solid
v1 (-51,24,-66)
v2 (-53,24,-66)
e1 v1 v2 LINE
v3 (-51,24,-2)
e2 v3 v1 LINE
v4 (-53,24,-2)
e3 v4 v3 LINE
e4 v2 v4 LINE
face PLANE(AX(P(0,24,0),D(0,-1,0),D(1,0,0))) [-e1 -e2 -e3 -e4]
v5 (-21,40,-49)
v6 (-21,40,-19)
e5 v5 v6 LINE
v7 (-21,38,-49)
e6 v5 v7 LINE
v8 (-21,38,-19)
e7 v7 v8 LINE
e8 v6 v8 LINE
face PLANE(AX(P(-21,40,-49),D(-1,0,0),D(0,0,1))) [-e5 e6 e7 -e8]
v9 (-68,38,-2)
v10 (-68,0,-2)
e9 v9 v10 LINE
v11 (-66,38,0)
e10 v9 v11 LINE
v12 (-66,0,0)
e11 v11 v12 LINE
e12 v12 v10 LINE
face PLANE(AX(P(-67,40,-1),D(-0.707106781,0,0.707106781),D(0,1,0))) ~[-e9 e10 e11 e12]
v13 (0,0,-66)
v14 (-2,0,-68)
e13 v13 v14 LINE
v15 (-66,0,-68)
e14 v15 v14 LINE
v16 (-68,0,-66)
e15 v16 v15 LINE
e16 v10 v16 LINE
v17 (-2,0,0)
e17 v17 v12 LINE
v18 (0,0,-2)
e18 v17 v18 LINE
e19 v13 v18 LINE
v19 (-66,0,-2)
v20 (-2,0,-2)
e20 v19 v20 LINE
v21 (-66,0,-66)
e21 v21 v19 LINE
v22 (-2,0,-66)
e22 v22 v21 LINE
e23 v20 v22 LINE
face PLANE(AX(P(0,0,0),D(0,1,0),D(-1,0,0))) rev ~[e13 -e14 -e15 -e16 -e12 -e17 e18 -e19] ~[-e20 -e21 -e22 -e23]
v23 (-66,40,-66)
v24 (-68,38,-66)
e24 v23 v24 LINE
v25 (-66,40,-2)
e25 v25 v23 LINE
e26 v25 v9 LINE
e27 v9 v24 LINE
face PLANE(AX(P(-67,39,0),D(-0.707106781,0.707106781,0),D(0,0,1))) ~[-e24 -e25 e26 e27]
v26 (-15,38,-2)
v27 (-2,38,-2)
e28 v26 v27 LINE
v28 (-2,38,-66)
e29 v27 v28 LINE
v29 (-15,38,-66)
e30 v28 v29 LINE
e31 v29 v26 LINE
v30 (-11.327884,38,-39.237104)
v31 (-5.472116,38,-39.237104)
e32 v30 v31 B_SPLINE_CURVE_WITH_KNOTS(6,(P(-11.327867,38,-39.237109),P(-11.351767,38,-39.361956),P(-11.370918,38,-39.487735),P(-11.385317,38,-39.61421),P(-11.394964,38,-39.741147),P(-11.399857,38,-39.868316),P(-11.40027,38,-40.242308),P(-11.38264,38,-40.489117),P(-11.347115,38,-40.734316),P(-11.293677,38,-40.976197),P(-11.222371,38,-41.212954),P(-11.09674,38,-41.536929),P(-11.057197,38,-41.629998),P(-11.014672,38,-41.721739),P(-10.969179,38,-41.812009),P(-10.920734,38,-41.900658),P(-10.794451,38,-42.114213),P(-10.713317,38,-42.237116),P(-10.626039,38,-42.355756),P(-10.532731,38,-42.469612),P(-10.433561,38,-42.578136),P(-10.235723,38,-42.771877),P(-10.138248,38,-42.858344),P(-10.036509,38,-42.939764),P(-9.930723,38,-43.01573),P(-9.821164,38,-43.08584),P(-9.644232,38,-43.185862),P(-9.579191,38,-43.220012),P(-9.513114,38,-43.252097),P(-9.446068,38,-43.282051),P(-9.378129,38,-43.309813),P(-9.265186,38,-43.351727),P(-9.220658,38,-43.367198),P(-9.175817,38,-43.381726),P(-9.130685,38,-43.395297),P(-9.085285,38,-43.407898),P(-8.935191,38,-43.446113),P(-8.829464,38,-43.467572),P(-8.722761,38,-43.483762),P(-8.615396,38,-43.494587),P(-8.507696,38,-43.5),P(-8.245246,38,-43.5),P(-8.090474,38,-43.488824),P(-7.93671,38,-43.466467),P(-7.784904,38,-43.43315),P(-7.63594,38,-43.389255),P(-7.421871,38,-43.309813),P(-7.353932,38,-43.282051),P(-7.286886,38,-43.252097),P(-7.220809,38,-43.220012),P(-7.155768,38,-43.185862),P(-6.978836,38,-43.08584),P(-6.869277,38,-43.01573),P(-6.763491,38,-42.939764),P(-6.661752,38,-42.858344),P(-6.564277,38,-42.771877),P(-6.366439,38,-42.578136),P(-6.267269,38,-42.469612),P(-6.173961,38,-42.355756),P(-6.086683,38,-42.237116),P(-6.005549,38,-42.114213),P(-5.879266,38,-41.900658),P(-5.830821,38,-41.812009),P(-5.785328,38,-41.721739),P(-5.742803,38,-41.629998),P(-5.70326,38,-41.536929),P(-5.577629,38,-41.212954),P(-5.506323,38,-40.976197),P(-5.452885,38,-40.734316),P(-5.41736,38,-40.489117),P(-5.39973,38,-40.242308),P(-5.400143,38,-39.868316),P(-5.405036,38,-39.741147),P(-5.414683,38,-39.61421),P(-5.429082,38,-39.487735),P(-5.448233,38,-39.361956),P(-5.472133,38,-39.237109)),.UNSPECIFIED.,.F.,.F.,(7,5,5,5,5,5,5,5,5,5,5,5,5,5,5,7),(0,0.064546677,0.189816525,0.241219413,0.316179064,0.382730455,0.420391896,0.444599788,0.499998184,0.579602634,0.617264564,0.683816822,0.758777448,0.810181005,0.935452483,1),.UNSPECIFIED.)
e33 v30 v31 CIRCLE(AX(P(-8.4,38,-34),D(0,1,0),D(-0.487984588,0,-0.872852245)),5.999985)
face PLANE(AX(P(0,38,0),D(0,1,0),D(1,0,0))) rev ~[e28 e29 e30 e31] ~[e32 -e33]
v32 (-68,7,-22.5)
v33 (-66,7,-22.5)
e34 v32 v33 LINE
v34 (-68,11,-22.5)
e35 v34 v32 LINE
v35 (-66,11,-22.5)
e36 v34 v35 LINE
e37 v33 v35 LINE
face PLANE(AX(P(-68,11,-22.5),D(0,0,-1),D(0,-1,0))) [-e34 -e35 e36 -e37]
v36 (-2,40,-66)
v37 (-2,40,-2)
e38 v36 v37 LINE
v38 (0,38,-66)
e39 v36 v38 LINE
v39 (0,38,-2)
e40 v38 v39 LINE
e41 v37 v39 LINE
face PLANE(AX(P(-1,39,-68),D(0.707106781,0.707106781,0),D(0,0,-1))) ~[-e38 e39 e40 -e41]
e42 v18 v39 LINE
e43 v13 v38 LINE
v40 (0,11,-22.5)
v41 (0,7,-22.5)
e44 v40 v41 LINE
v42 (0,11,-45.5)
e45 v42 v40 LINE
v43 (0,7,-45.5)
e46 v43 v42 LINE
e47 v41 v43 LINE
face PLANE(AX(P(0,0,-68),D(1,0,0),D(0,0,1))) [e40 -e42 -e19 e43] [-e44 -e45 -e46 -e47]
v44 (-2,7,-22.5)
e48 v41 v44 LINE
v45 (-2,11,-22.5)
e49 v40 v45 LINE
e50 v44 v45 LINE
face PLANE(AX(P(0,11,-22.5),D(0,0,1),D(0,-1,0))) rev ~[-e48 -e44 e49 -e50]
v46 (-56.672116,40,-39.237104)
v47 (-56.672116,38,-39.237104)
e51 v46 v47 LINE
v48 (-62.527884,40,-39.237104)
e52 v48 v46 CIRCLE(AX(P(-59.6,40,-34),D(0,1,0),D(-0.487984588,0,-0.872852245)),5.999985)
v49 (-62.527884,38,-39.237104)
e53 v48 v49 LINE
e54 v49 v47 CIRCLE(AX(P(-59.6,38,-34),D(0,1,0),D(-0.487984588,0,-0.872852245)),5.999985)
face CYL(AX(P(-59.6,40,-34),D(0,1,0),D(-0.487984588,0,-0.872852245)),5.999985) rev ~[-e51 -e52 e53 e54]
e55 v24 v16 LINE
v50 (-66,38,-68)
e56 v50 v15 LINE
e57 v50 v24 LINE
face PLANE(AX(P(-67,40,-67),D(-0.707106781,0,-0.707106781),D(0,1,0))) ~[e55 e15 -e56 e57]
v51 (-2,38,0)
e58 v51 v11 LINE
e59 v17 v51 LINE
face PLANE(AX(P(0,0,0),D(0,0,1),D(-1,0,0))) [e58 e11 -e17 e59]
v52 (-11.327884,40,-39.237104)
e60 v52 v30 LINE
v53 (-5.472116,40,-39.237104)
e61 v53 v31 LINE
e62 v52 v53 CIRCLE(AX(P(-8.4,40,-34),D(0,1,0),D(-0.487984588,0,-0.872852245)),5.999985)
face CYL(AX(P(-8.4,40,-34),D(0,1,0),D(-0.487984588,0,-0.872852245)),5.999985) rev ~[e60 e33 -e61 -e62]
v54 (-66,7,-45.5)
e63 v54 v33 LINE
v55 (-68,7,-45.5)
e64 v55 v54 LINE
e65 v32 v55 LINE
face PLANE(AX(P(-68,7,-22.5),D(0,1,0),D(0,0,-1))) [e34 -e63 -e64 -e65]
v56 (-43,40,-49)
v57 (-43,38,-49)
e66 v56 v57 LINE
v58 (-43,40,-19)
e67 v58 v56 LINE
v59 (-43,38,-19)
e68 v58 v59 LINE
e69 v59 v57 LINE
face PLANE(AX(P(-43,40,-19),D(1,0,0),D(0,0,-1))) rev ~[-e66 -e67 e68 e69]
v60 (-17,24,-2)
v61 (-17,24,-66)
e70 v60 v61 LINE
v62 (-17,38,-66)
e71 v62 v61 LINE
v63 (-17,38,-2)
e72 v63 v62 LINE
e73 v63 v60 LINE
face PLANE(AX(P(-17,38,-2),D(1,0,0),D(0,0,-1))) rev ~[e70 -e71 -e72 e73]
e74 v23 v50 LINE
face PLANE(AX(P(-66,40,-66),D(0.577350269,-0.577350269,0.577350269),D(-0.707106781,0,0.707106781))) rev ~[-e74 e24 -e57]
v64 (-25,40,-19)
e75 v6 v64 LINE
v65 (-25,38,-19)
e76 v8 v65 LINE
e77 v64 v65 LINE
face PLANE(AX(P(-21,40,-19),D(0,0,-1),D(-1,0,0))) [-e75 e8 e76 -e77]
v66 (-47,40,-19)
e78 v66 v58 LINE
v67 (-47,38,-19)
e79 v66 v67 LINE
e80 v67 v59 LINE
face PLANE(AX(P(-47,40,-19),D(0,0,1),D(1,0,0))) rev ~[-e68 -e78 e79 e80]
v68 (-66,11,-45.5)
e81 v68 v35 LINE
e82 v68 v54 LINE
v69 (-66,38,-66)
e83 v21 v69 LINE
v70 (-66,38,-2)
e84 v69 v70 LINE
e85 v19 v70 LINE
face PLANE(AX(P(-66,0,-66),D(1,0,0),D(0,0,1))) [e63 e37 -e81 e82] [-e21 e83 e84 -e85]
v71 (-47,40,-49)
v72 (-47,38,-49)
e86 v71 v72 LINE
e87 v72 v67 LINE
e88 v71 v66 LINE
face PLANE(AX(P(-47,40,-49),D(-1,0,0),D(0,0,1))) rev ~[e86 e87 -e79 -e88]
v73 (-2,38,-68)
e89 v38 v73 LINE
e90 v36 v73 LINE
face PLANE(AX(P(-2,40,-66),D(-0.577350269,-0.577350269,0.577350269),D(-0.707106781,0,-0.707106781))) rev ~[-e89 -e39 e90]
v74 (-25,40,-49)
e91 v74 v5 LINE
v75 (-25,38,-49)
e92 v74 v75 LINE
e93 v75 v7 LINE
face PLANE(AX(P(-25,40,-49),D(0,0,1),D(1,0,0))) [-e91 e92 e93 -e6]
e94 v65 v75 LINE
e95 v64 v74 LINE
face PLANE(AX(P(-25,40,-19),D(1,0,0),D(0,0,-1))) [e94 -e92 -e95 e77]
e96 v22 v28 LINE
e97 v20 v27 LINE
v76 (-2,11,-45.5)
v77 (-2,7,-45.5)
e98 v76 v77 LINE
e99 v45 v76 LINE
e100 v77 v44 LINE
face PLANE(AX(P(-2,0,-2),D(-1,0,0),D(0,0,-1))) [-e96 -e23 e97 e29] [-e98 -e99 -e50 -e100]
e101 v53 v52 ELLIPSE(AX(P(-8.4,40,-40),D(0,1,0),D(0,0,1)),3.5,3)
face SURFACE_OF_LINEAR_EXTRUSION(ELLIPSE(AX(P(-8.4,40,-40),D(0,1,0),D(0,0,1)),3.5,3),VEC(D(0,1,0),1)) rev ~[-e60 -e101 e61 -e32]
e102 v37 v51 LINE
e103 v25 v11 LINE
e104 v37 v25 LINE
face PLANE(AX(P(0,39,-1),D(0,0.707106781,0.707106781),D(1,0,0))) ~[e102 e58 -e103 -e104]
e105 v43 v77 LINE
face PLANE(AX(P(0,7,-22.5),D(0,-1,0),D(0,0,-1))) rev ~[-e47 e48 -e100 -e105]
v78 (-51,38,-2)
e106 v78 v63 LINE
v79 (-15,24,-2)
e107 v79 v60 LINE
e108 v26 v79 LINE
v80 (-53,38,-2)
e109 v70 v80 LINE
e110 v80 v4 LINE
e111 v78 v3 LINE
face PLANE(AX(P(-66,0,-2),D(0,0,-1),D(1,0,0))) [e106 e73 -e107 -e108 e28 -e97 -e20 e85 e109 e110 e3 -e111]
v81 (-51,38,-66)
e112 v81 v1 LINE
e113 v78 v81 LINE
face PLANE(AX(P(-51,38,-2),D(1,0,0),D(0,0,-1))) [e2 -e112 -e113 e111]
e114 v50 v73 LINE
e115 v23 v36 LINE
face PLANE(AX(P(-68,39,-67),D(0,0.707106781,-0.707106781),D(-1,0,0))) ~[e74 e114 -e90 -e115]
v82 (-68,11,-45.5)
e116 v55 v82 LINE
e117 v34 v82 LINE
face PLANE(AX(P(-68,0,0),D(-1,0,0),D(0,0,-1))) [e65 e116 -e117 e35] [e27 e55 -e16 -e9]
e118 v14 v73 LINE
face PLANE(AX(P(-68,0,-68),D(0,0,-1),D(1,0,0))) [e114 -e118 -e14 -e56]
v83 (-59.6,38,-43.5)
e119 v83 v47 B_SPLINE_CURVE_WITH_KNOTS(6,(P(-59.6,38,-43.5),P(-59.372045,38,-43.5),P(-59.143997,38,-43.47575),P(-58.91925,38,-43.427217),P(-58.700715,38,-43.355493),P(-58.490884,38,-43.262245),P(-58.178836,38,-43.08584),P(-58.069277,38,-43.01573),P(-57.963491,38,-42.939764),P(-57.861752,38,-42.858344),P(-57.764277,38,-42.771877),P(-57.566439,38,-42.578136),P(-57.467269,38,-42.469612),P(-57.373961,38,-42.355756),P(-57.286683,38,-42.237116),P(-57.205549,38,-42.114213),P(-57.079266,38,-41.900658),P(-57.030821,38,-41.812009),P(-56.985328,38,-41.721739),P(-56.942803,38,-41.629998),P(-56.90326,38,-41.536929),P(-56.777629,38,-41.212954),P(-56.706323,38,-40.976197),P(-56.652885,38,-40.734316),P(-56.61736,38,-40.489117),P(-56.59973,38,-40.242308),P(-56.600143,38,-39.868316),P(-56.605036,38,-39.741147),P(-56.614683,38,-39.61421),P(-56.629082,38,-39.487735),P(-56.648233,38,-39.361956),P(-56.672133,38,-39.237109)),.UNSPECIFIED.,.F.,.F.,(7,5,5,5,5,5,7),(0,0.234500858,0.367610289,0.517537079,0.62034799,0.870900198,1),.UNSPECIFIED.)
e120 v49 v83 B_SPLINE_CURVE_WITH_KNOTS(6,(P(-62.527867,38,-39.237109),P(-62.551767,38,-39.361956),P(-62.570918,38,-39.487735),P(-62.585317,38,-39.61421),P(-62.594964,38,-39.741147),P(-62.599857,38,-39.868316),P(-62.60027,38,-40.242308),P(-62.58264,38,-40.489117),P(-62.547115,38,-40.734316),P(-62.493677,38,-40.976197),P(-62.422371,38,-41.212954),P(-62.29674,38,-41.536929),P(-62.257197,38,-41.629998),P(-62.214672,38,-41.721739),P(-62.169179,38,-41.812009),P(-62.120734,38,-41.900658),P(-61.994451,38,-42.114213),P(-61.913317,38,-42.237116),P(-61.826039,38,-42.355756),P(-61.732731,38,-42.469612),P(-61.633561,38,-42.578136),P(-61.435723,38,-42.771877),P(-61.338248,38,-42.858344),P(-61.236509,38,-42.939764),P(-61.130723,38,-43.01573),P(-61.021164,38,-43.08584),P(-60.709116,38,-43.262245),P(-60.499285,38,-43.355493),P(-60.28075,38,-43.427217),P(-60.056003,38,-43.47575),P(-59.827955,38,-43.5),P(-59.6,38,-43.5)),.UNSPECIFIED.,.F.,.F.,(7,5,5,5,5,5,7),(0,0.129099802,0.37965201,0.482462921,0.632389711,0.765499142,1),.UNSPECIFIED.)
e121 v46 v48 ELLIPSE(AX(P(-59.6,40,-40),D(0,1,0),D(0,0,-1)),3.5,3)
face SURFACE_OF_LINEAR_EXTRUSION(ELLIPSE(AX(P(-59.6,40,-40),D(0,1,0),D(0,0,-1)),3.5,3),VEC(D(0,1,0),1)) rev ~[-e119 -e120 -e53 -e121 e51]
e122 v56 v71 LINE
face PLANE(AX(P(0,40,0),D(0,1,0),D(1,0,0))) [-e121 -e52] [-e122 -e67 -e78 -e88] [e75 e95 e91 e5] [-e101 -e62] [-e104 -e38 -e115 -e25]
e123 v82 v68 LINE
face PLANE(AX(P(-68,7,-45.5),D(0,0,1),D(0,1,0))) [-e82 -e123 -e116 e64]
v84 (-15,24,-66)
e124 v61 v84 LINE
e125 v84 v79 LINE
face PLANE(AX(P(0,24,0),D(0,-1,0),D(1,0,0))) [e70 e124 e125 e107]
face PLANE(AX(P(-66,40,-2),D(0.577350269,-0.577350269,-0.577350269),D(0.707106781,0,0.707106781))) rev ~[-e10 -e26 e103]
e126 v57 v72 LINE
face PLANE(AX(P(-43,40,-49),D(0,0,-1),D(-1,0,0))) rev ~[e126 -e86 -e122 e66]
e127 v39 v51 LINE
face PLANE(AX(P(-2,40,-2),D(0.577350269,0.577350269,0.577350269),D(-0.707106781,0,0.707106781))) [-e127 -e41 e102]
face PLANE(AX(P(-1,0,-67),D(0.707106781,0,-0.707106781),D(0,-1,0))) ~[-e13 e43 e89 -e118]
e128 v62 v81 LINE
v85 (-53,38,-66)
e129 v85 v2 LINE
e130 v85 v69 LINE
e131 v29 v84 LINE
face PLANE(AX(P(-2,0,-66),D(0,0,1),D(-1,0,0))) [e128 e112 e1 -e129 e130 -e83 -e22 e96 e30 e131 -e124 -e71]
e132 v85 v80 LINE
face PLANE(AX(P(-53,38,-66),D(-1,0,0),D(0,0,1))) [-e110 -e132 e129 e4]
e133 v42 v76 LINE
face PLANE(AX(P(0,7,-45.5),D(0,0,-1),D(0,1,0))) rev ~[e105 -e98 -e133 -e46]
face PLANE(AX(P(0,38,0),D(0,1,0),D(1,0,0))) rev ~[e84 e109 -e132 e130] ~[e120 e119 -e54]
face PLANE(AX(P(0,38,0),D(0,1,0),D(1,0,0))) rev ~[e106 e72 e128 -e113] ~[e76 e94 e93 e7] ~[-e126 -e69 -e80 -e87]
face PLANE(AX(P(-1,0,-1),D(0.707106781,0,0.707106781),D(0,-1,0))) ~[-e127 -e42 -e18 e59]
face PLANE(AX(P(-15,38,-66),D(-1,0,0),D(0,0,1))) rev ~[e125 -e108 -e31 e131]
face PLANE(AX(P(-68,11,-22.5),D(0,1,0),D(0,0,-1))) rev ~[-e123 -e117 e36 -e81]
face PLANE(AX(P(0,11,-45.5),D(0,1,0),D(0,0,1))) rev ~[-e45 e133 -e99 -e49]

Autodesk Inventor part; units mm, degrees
ref_plane "YZ Plane" through (0, 0, 0) normal (1, 0, 0) x (0, 1, 0)
ref_plane "XZ Plane" through (0, 0, 0) normal (0, 1, 0) x (-1, 0, 0)
ref_plane "XY Plane" through (0, 0, 0) normal (0, 0, 1) x (1, 0, 0)
sketch "Esboço1" plane through (0, 0, 0) normal (0, 1, 0) x (-1, 0, 0)
  line L0 (0, 0) -> (68, 0)
  line L1 (68, 0) -> (68, -68)
  line L2 (68, -68) -> (0, -68)
  line L3 (0, -68) -> (0, 0)
  line L4 (66, -2) -> (2, -2)
  line L5 (2, -2) -> (2, -66)
  line L6 (2, -66) -> (66, -66)
  line L7 (66, -66) -> (66, -2)
  dimension "d0" = 68
  dimension "d1" = 68
  dimension "d2" = 2
  dimension "d3" = 2
  dimension "d4" = 2
  dimension "d5" = 2
extrude "Extrusão1" add sketch "Esboço1" along normal blind 38
sketch "Esboço2" plane through (0, 38, 0) normal (0, 1, 0) x (1, 0, 0)
  line L0 (-68, 68) -> (0, 68) projected
  line L1 (0, 0) -> (-68, 0)
  line L2 (-68, 0) -> (-68, 68)
  line L3 (-68, 68) -> (0, 68)
  line L4 (0, 68) -> (0, 0)
extrude "Extrusão2" add sketch "Esboço2" along normal blind 2
chamfer "Chanfro1" distance 2 angle 45 8 edges at (-68, 20, -68) (0, 20, -68) (-68, 20, 0) (0, 20, 0) (0, 40, -34) (-34, 40, -68) (-68, 40, -34) (-34, 40, 0)
sketch "Esboço3" plane through (0, 0, -2) normal (1, 0, 0) x (0, 0, -1)
  line L0 (64, 0) -> (0, 0) construction
  line L1 (32, 11) -> (32, 0) construction
  line L2 (43.5, 11) -> (20.5, 11)
  line L3 (20.5, 11) -> (20.5, 7)
  line L4 (20.5, 7) -> (43.5, 7)
  line L5 (43.5, 7) -> (43.5, 11)
  point P0 (-2, 0)
  dimension "d16" = 4
  dimension "d17" = 11
  dimension "d18" = 23
extrude "Extrusão3" cut sketch "Esboço3" against normal blind 4
sketch "Esboço4" plane through (-68, 0, -66) normal (-1, 0, 0) x (0, 0, 1)
  line L0 (43.5, 11) -> (20.5, 11) projected
  line L1 (43.5, 7) -> (20.5, 7)
  line L2 (20.5, 7) -> (20.5, 11)
  line L3 (20.5, 11) -> (43.5, 11)
  line L4 (43.5, 11) -> (43.5, 7)
  point P0 (66, 0)
extrude "Extrusão4" cut sketch "Esboço4" against normal blind 4
sketch "Esboço5" plane through (0, 40, 0) normal (0, 1, 0) x (1, 0, 0)
  line L0 (-34, 66) -> (-34, 2) construction
  line L1 (-43, 49) -> (-47, 49)
  line L2 (-47, 49) -> (-47, 19)
  line L3 (-47, 19) -> (-43, 19)
  line L4 (-43, 19) -> (-43, 49)
  line L5 (-43, 34) -> (-61.5633, 34) construction
  line L6 (-66, 2) -> (-66, 66) construction
  arc A0 (-62.5279, 39.2371) -> (-56.6721, 39.2371) centre (-59.6, 34) ccw
  ellipse E0 centre (-59.6, 40) end of major axis (-56.6, 40) minor radius 3.5 (-56.6721, 39.2371) -> (-62.5279, 39.2371) ccw
  line L7 (-25, 49) -> (-21, 49)
  line L8 (-21, 49) -> (-21, 19)
  line L9 (-21, 19) -> (-25, 19)
  line L10 (-25, 19) -> (-25, 49)
  arc A1 (-11.3279, 39.2371) -> (-5.4721, 39.2371) centre (-8.4, 34) ccw
  ellipse E1 centre (-8.4, 40) end of major axis (-11.4, 40) minor radius 3.5 (-5.4721, 39.2371) -> (-11.3279, 39.2371) ccw
  point P0 (0, 0)
  dimension "d28" = 3
  dimension "d29" = 3.5
  dimension "d23" = 4
  dimension "d24" = 30
  dimension "d25" = 19
  dimension "d26" = 12
  dimension "d27" = 6.4
extrude "Extrusão5" cut sketch "Esboço5" against normal blind 4
sketch "Esboço6" plane through (0, 38, 0) normal (0, -1, 0) x (1, 0, 0)
  point P0 (0, 0)
sketch "Esboço7" plane through (0, 38, 0) normal (0, -1, 0) x (1, 0, 0)
  line L0 (-15, -2) -> (-17, -2)
  line L1 (-17, -2) -> (-17, -66)
  line L2 (-17, -66) -> (-15, -66)
  line L3 (-15, -66) -> (-15, -2)
  line L4 (-2, -2) -> (-2, -66) projected
  line L5 (-34, -66) -> (-34, -2) construction
  line L6 (-15, -2) -> (-17, -2) construction
  line L7 (-15, -2) -> (-17, -2)
  line L8 (-53, -2) -> (-51, -2)
  line L9 (-51, -2) -> (-51, -66)
  line L10 (-51, -66) -> (-53, -66)
  line L11 (-53, -66) -> (-53, -2)
  point P0 (0, 0)
  dimension "d32" = 2
  dimension "d33" = 13
extrude "Extrusão6" add sketch "Esboço7" along normal blind 14
properties part number "BundOtta"
